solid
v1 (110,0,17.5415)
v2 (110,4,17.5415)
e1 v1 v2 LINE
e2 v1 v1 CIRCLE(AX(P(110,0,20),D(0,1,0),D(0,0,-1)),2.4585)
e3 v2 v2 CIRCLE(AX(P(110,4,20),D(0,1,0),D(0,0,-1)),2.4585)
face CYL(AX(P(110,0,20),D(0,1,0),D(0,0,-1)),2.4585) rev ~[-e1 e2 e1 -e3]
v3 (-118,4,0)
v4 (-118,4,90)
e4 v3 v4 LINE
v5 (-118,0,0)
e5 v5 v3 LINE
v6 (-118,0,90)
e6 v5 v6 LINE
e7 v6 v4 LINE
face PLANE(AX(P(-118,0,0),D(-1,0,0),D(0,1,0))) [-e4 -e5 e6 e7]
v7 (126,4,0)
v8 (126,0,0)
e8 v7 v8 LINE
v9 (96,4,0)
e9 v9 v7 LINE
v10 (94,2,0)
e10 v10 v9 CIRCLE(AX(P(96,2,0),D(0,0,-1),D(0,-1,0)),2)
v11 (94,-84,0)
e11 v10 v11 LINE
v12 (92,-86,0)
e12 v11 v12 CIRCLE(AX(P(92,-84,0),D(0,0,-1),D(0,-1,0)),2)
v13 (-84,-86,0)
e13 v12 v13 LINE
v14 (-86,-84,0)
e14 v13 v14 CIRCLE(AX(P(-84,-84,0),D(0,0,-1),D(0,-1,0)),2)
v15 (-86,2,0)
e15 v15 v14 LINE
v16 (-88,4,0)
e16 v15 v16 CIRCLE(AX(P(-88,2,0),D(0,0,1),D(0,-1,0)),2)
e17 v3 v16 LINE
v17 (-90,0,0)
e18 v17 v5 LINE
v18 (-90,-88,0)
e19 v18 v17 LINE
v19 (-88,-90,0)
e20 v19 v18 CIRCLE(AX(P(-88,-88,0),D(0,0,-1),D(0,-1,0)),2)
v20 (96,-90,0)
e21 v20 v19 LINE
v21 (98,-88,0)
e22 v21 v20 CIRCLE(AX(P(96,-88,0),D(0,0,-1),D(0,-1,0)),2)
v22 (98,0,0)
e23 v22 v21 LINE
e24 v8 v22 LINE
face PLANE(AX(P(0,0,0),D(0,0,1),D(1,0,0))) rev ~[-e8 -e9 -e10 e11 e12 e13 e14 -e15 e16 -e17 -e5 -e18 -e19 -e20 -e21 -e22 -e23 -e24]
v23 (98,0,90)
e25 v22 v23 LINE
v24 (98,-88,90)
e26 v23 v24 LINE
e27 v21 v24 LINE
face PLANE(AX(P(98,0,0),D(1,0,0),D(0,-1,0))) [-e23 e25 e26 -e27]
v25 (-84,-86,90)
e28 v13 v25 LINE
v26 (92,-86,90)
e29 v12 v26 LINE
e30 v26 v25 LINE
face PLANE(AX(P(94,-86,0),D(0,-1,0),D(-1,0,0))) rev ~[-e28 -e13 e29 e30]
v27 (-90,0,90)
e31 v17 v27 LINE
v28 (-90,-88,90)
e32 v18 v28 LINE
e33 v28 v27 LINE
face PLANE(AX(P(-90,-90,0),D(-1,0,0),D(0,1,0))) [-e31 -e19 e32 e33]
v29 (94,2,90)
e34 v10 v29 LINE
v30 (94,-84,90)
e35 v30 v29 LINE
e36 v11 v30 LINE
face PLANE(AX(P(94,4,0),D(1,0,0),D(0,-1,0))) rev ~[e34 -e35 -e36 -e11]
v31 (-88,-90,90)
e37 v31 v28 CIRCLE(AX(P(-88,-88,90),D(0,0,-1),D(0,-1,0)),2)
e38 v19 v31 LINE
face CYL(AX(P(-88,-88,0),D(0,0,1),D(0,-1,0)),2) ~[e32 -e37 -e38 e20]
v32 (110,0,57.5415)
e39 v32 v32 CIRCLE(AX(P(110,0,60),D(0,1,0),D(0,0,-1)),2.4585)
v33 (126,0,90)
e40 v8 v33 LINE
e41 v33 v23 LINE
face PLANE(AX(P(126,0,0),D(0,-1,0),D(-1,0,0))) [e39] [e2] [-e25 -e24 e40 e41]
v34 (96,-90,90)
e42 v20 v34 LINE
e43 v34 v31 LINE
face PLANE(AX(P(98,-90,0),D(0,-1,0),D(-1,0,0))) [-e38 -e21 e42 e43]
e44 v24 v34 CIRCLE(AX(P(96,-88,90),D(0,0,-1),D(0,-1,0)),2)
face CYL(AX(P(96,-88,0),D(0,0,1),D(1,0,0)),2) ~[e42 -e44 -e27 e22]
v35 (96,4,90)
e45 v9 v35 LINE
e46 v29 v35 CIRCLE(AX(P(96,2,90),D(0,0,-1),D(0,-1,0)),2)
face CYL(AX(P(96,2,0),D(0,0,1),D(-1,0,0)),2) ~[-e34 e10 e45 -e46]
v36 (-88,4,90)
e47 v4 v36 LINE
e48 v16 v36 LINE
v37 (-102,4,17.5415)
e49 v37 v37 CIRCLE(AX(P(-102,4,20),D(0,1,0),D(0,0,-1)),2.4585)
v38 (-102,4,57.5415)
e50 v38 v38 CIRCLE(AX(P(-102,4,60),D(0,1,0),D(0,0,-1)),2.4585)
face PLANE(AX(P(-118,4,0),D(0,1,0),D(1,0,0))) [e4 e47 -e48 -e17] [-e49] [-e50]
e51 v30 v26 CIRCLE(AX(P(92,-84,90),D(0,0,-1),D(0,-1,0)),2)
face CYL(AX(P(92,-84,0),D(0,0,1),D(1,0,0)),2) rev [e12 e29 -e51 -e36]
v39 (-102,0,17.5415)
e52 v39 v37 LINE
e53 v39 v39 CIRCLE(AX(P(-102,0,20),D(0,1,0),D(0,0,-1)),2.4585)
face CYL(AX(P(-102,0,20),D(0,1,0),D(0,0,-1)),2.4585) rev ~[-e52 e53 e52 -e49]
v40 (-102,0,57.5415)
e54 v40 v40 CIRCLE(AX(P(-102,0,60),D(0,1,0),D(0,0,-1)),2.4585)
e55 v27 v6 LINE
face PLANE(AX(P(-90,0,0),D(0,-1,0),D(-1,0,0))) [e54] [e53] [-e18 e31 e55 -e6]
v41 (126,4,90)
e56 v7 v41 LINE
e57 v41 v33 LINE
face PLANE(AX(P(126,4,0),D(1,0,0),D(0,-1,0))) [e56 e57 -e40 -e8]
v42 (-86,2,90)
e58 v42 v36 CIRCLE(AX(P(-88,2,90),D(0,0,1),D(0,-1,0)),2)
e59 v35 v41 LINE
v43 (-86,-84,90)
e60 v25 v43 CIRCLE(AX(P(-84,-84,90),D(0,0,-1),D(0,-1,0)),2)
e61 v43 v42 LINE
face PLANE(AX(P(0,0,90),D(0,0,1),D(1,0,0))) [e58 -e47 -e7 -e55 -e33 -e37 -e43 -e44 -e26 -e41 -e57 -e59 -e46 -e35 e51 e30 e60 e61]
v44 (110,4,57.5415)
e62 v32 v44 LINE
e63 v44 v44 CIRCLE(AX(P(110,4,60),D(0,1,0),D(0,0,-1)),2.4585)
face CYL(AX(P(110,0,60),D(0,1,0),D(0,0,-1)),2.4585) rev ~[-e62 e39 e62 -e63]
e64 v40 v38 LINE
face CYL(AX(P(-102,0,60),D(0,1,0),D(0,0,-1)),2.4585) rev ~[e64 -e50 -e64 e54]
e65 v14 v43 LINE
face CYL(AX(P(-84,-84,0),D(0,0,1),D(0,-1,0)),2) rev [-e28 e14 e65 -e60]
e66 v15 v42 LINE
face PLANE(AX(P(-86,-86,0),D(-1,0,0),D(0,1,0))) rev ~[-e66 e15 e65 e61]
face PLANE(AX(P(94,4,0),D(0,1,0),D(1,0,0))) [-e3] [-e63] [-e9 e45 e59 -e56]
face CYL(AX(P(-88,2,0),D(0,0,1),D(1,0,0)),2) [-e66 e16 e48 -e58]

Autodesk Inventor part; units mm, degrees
ref_plane "YZ Plane" through (0, 0, 0) normal (1, 0, 0) x (0, 1, 0)
ref_plane "XZ Plane" through (0, 0, 0) normal (0, 1, 0) x (-1, 0, 0)
ref_plane "XY Plane" through (0, 0, 0) normal (0, 0, 1) x (1, 0, 0)
sketch "Sketch1" plane through (0, 0, 0) normal (0, 0, 1) x (1, 0, 0)
  line L0 (98, 0) -> (98, -90)
  line L1 (98, -90) -> (-90, -90)
  line L2 (-90, -90) -> (-90, 0)
  line L3 (126, 4) -> (126, 0)
  line L4 (126, 0) -> (-118, 0)
  line L5 (-118, 0) -> (-118, 4)
  line L6 (-86, 4) -> (94, 4)
  line L7 (94, 4) -> (94, -86)
  line L8 (94, -86) -> (-86, -86)
  line L9 (-86, -86) -> (-86, 4)
  line L10 (-90, 0) -> (-86, 0)
  line L11 (94, 0) -> (98, 0)
  line L12 (-118, 4) -> (-86, 4)
  line L13 (94, 4) -> (126, 4)
  point P0 (0, 0)
  point P1 (6, -4)
  point P2 (126, 2)
  point P3 (98, 0)
  point P4 (-118, 2)
  dimension "d0" = 188
  dimension "d1" = 90
  dimension "d3" = 90
  dimension "d4" = 244
  dimension "d5" = 120
  dimension "d8" = 90
  dimension "d9" = 180
  dimension "d10" = 4
  dimension "d13" = 0
  dimension "d14" = 4
  dimension "d72" = 32
extrude "Extrusion1" add sketch "Sketch1" along normal blind 90 contours L4 L7 L13 L3 | L0 L1 L2 L4 L9 L8 L7 | L4 L5 L12 L9
fillet "Fillet1" radius 2 4 edges at (-86, -86, 45) (-86, 4, 45) (94, 4, 45) (98, -90, 45)
fillet "Fillet2" radius 2 2 edges at (-90, -90, 45) (94, -86, 45)
sketch "Sketch7" plane through (-118, 0, 0) normal (0, -1, 0) x (1, 0, 0)
  line L0 (0, 0) -> (0, 90) projected
  line L1 (0, 0) -> (28, 0) projected
  line L2 (244, 0) -> (244, 90) projected
  line L3 (216, 0) -> (244, 0) projected
  point P0 (118, 0)
  point P1 (16, 20)
  point P2 (16, 60)
  point P3 (228, 20)
  point P4 (228, 60)
  dimension "d73" = 16
  dimension "d74" = 16
  dimension "d75" = 20
  dimension "d76" = 40
  dimension "d77" = 16
  dimension "d78" = 16
  dimension "d79" = 20
  dimension "d80" = 40
hole "Hole6" at (-102, 0, 20) at (-102, 0, 60) at (110, 0, 20) at (110, 0, 60) direction (0, 1, 0) diameter 4.917 end through all thread size "M6x1" class "6H" standard "ISO Metric profile"
equation "\"d86\" = Thickness"
equation "\"BendRadius\" = Thickness"
equation "\"BendReliefWidth\" = Thickness"
equation "\"BendReliefDepth\" = 0.5 * Thickness"
equation "\"CornerReliefSize\" = 4 * Thickness"
equation "\"MinimumRemnant\" = 2 * Thickness"
equation "\"TransitionRadius\" = BendRadius"
equation "\"JacobiRadiusSize\" = BendRadius"
equation "\"GapSize\" = Thickness"
equation "\"Thickness\" = 0.5"
properties part number "Top joint housing"
